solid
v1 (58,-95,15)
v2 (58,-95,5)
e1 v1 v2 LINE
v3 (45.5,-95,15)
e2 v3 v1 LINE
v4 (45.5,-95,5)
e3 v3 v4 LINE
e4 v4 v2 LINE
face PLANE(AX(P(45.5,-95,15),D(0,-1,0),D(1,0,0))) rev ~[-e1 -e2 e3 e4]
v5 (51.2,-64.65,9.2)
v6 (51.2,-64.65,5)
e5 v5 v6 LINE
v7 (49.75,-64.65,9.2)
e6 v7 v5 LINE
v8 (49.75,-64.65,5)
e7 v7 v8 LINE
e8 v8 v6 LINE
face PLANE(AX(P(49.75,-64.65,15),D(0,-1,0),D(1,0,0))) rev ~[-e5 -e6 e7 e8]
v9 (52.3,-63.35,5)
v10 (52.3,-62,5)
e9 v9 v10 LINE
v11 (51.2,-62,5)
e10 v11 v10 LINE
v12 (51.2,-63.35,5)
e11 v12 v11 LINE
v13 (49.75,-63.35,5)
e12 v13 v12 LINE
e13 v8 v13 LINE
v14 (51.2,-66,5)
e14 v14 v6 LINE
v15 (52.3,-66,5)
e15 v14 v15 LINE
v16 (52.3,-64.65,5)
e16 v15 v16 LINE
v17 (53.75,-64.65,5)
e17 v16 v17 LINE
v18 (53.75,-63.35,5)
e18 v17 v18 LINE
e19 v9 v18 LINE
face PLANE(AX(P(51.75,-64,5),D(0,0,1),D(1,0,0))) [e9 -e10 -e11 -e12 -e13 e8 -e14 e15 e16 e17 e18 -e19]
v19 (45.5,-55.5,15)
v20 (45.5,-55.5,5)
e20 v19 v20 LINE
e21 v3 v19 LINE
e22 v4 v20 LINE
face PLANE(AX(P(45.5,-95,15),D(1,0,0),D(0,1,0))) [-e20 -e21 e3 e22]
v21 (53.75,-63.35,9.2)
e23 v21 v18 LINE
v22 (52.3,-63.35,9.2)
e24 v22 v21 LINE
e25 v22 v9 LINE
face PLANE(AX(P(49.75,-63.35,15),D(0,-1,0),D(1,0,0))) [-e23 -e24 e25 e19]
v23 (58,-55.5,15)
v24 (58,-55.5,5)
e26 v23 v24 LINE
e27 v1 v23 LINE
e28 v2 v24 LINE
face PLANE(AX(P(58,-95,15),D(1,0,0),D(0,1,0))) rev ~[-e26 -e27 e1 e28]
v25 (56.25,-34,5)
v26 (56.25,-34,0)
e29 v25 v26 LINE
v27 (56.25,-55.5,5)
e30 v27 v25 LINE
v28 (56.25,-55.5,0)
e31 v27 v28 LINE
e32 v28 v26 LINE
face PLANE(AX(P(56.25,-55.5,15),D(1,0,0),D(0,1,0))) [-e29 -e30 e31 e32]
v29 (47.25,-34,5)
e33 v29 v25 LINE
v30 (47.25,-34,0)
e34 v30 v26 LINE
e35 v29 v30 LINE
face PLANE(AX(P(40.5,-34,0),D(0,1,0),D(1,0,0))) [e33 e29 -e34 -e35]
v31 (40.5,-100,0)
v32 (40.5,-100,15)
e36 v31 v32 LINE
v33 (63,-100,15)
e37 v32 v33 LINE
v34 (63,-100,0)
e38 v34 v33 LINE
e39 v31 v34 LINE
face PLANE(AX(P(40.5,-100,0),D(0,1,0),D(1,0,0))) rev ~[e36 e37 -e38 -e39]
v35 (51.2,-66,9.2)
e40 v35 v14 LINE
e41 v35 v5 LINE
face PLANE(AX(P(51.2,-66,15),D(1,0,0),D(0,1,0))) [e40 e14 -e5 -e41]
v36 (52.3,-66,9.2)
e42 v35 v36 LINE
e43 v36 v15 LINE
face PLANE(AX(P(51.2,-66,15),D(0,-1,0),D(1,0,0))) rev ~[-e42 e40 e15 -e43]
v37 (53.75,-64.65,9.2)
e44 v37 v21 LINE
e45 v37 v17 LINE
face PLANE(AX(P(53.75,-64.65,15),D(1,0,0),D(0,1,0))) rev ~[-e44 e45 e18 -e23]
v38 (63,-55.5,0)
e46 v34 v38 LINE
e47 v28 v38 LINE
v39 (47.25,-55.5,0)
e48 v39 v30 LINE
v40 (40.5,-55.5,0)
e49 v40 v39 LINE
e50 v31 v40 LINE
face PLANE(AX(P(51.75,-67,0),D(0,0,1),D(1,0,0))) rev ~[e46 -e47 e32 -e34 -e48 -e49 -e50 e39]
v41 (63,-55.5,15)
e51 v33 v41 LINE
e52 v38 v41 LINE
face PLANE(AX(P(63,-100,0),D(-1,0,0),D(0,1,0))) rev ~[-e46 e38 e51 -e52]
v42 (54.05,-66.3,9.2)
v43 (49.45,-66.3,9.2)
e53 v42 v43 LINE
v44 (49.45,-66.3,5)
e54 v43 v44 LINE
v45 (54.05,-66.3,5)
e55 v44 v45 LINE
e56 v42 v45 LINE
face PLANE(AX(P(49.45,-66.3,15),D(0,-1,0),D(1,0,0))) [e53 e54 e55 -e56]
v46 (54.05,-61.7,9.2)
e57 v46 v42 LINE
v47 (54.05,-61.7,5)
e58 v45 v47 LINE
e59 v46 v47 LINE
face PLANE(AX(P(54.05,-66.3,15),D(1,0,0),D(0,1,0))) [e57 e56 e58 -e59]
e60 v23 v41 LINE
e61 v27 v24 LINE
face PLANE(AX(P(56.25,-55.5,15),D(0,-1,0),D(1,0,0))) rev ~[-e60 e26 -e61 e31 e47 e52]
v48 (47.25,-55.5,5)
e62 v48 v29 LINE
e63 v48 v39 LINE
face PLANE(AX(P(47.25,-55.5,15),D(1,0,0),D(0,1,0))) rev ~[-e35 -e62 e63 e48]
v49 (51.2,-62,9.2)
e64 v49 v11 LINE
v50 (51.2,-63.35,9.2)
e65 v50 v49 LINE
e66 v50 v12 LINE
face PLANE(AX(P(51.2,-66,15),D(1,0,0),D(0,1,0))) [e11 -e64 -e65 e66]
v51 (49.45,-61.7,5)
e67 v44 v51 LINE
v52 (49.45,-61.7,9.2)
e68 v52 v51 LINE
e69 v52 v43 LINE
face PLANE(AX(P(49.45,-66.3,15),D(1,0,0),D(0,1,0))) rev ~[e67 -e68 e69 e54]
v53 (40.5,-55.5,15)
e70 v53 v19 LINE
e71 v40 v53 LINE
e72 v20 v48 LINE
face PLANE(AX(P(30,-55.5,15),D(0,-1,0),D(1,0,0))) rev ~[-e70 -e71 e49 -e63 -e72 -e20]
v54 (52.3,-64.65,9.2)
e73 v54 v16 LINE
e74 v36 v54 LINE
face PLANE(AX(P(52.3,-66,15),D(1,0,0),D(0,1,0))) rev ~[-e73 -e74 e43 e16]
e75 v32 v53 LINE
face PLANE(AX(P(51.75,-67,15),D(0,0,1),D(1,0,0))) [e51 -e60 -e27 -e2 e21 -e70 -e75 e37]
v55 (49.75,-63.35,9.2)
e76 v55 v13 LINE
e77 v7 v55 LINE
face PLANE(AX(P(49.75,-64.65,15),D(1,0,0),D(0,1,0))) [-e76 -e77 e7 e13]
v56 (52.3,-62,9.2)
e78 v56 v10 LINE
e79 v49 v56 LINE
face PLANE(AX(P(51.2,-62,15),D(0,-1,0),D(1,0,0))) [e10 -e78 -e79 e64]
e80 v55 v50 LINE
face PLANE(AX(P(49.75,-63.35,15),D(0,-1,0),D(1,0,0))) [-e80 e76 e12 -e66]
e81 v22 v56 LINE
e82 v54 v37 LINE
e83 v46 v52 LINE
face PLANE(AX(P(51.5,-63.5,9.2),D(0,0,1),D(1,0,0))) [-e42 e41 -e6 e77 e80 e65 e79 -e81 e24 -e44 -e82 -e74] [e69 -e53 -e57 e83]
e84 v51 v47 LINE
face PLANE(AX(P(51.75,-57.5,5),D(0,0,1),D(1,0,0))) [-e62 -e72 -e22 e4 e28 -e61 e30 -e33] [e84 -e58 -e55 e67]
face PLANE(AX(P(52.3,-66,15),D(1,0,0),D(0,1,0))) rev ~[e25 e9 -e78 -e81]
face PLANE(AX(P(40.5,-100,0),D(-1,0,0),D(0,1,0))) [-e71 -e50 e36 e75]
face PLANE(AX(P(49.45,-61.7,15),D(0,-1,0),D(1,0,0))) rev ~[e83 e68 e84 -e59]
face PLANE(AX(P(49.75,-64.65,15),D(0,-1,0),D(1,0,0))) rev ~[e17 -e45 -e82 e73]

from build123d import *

# Parameters (mm, degrees)
SKETCH_W        = 22.5
SKETCH_H        = 66
PAD_DEPTH       = 15
SKETCH001_W     = 12.5
SKETCH001_H     = 75
SKETCH001_W_2   = 4.6
SKETCH001_H_2   = 4.6
POCKET_DEPTH    = 10
SKETCH002_W     = 7
SKETCH002_H     = 7
POCKET001_DEPTH = 5.8
SKETCH004_W     = 1.1
SKETCH004_H     = 4
POCKET002_DEPTH = 10
SKETCH005_W     = 4
SKETCH005_H     = 1.3
POCKET003_DEPTH = 10
SKETCH007_W     = 19.75
SKETCH007_H     = 26.5
SKETCH007_W_2   = 17.25
POCKET004_DEPTH = 20


with BuildPart() as part:
    # Sketch → Pad (new body)
    with BuildSketch(Plane.XY):
        with Locations((51.75, -67)):
            Rectangle(SKETCH_W, SKETCH_H)
    extrude(amount=PAD_DEPTH)

    # Sketch001 (on DatumPlane) → Pocket (cut)
    with BuildSketch(Plane.XY.offset(15)):
        with Locations((51.75, -57.5)):
            Rectangle(SKETCH001_W, SKETCH001_H)
        with Locations((51.75, -64)):
            Rectangle(SKETCH001_W_2, SKETCH001_H_2, mode=Mode.SUBTRACT)
    extrude(amount=-POCKET_DEPTH, mode=Mode.SUBTRACT)

    # Sketch002 (on DatumPlane) → Pocket001 (cut)
    with BuildSketch(Plane.XY.offset(15)):
        with Locations((51.5, -63.5)):
            Rectangle(SKETCH002_W, SKETCH002_H)
    extrude(amount=-POCKET001_DEPTH, mode=Mode.SUBTRACT)

    # Sketch004 (on DatumPlane) → Pocket002 (cut)
    with BuildSketch(Plane.XY.offset(15)):
        with Locations((51.75, -64)):
            Rectangle(SKETCH004_W, SKETCH004_H)
    extrude(amount=-POCKET002_DEPTH, mode=Mode.SUBTRACT)

    # Sketch005 (on DatumPlane) → Pocket003 (cut)
    with BuildSketch(Plane.XY.offset(15)):
        with Locations((51.75, -64)):
            Rectangle(SKETCH005_W, SKETCH005_H)
    extrude(amount=-POCKET003_DEPTH, mode=Mode.SUBTRACT)

    # Sketch007 (on DatumPlane) → Pocket004 (cut)
    with BuildSketch(Plane.XY.offset(15)):
        with Locations((66.125, -42.25)):
            Rectangle(SKETCH007_W, SKETCH007_H)
        with Locations((38.625, -42.25)):
            Rectangle(SKETCH007_W_2, SKETCH007_H)
    extrude(amount=-POCKET004_DEPTH, mode=Mode.SUBTRACT)


solid = part.part
